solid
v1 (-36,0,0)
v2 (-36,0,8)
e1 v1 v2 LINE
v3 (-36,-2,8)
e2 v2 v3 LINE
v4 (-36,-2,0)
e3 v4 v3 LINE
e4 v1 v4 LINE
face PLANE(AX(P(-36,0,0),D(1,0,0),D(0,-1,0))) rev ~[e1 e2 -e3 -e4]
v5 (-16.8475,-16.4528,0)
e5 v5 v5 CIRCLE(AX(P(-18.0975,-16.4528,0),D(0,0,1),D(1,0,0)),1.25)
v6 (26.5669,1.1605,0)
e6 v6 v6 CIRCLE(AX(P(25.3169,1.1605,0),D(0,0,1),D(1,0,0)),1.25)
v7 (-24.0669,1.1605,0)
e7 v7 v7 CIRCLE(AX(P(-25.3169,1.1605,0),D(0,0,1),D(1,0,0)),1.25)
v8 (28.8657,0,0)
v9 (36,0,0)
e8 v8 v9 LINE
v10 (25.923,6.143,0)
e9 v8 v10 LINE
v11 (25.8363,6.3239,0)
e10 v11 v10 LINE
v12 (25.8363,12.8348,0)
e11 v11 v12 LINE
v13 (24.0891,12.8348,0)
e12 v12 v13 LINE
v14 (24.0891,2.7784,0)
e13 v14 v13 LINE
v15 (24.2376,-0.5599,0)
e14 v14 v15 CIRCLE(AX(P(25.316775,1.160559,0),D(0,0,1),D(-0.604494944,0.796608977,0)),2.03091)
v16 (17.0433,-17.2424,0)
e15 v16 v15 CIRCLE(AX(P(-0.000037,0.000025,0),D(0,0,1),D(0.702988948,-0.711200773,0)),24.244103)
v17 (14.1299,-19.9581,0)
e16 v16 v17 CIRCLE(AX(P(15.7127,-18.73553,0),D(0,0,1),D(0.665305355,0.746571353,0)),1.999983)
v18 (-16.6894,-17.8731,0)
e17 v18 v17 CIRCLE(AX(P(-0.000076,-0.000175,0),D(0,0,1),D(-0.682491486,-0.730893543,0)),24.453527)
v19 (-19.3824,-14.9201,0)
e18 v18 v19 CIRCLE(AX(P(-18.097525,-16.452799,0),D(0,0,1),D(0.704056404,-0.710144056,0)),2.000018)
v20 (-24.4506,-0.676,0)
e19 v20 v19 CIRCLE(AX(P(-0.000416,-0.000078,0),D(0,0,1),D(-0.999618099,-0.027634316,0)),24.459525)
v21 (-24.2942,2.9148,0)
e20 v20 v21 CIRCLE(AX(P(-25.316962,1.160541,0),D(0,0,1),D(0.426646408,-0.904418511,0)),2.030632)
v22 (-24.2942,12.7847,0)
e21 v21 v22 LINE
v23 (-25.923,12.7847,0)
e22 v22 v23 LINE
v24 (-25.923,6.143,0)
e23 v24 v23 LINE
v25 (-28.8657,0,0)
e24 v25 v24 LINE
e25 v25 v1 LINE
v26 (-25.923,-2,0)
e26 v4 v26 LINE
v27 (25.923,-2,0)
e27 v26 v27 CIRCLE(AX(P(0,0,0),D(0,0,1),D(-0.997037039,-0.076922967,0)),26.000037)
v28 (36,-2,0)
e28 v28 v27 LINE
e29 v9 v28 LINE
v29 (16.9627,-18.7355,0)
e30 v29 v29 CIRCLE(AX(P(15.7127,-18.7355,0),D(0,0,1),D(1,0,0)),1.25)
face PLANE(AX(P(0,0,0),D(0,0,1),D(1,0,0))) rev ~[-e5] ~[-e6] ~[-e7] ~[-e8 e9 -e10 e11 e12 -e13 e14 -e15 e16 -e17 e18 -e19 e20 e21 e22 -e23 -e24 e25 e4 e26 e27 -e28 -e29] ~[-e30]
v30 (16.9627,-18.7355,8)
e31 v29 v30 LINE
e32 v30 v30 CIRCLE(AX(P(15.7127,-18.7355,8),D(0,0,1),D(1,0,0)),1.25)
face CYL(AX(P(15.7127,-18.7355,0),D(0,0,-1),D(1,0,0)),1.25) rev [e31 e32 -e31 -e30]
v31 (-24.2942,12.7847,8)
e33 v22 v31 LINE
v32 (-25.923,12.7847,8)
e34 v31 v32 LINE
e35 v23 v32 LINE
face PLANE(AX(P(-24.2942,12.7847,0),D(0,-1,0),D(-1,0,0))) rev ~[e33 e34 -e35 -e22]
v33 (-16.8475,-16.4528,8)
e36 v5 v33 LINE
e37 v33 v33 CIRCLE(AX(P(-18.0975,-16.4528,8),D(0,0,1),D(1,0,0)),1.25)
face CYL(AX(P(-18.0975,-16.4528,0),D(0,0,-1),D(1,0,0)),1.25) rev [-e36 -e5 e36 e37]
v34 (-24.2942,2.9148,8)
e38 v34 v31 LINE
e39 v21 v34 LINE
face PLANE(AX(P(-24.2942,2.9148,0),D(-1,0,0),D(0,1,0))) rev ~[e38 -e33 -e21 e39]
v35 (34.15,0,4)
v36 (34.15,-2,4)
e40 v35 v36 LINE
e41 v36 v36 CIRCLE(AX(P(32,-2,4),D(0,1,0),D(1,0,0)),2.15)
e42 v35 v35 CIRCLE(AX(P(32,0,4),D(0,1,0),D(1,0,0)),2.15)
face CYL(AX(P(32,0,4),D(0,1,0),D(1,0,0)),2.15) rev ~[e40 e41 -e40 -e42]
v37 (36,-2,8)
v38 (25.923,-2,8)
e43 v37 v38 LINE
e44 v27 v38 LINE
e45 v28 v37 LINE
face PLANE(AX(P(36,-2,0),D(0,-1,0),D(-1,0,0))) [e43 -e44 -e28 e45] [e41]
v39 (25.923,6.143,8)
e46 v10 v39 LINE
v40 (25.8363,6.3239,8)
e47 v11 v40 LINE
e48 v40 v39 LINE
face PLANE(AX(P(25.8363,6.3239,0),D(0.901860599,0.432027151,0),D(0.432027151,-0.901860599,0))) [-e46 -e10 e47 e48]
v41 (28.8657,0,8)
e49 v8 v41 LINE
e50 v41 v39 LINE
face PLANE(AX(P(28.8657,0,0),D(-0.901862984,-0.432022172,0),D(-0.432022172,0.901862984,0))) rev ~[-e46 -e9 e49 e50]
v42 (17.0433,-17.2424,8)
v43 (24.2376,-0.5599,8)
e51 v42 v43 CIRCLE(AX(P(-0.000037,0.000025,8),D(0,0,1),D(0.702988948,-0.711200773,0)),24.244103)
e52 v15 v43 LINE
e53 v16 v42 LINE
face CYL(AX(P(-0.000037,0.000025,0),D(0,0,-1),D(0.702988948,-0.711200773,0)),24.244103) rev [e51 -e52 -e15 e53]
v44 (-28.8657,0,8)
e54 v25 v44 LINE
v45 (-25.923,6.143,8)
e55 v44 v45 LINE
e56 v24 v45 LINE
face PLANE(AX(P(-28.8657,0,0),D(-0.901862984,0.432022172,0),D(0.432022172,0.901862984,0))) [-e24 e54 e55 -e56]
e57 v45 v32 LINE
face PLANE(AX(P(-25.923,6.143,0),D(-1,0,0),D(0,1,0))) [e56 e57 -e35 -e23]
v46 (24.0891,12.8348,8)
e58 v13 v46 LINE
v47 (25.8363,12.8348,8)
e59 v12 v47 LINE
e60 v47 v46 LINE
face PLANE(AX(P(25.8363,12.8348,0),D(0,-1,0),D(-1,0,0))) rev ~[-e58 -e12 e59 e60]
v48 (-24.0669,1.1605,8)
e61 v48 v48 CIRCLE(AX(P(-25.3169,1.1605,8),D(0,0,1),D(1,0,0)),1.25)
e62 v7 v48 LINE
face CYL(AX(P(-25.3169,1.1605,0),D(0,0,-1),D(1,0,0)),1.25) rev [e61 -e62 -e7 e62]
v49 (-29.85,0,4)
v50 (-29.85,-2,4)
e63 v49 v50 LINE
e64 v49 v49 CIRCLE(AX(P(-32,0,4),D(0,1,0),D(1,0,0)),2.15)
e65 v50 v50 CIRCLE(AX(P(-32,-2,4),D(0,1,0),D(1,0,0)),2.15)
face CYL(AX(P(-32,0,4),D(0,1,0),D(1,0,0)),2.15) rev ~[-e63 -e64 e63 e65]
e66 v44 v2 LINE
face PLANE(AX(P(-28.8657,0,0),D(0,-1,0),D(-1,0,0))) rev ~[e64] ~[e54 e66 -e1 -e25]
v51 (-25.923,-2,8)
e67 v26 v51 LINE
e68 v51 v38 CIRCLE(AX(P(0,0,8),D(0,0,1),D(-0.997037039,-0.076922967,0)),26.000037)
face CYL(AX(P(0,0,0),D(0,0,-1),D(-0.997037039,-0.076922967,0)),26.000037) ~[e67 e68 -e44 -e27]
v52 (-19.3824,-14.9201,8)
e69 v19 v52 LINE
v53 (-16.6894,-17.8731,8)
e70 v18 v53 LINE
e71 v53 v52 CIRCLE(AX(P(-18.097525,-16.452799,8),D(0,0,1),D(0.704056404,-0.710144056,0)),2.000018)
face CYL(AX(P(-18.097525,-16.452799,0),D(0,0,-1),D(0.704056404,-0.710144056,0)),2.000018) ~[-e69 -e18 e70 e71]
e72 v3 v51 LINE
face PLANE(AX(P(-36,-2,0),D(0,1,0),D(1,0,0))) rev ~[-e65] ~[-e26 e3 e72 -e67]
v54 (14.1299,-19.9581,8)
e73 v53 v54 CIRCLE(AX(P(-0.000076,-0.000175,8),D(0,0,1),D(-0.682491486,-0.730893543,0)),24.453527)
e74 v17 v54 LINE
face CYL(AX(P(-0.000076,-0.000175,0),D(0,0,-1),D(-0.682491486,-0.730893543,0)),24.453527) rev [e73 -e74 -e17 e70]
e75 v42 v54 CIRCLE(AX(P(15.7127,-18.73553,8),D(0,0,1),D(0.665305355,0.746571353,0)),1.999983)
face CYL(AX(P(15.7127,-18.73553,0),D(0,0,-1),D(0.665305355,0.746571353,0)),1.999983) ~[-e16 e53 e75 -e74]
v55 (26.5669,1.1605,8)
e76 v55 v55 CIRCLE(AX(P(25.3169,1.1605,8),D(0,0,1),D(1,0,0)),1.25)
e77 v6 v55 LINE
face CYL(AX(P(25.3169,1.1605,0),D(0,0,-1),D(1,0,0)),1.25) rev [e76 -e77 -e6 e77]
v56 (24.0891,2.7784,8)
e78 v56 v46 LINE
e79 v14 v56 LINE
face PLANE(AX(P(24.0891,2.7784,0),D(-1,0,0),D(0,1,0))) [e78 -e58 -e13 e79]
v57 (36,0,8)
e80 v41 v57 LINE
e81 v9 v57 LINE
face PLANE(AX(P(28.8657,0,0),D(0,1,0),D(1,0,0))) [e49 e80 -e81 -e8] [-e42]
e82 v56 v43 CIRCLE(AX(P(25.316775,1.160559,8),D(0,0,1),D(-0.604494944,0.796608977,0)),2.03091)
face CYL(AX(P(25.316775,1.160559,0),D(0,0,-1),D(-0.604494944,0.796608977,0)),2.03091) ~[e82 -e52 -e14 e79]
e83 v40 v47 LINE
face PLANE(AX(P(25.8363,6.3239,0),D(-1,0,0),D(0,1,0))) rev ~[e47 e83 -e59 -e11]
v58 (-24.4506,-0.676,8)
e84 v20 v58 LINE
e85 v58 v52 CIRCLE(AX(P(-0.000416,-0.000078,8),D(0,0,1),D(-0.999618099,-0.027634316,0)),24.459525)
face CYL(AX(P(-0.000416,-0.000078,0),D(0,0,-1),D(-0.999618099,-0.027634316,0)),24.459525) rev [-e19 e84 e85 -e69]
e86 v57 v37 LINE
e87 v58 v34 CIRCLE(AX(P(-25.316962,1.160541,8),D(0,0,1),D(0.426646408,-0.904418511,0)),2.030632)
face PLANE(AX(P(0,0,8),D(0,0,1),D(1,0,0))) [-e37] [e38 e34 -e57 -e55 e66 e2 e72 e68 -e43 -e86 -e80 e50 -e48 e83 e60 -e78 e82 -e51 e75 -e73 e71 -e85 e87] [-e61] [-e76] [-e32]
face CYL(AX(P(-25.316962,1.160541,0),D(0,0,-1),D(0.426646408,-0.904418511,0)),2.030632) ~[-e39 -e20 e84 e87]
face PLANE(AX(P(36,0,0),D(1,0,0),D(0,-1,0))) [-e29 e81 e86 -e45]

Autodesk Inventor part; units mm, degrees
ref_plane "YZ Plane" through (0, 0, 0) normal (1, 0, 0) x (0, 1, 0)
ref_plane "XZ Plane" through (0, 0, 0) normal (0, 1, 0) x (-1, 0, 0)
ref_plane "XY Plane" through (0, 0, 0) normal (0, 0, 1) x (1, 0, 0)
sketch "Esquisse1" plane through (0, 0, 0) normal (0, 0, 1) x (1, 0, 0)
  line L0 (0, 0) -> (-27.546, -25.0426) construction
  line L1 (0, 0) -> (23.0277, -27.4577) construction
  circle A0 centre (-18.0975, -16.4528) radius 1.25
  circle A1 centre (15.7127, -18.7355) radius 1.25
  arc A2 (-16.6894, -17.8731) -> (14.1299, -19.9581) centre (0, 0) ccw
  arc A3 (-16.6894, -17.8731) -> (-19.3824, -14.9201) centre (-18.0975, -16.4528) ccw
  arc A4 (17.0433, -17.2424) -> (14.1299, -19.9581) centre (15.7127, -18.7355) ccw
  line L2 (0, 0) -> (-29.5508, 10.7556) construction
  line L3 (-17.8311, 0) -> (17.1748, 0) construction
  line L4 (0, 2.0526) -> (0, -2.2236) construction
  line L5 (-28.8657, 0) -> (-36, 0)
  line L6 (28.8657, 0) -> (36, 0)
  line L7 (36, 0) -> (36, -2)
  line L8 (36, -2) -> (25.923, -2)
  line L9 (-36, 0) -> (-36, -2)
  line L10 (-36, -2) -> (-25.923, -2)
  arc A5 (-25.923, -2) -> (25.923, -2) centre (0, 0) ccw
  circle A6 centre (0, 0) radius 22.5 construction
  arc A7 (-16.6894, -17.8731) -> (14.1299, -19.9581) centre (0, 0) ccw
  arc A8 (-16.6894, -17.8731) -> (14.1299, -19.9581) centre (0, 0) ccw
  circle A9 centre (-25.3169, 1.1605) radius 1.25
  circle A10 centre (25.3169, 1.1605) radius 1.25
  line L11 (24.0891, 2.7784) -> (24.0891, 12.8348)
  line L12 (25.8363, 12.8348) -> (24.0891, 12.8348)
  line L13 (-25.923, 6.143) -> (-25.923, 12.7847)
  line L14 (-24.2942, 2.9148) -> (-24.2942, 12.7847)
  line L15 (-24.2942, 12.7847) -> (-25.923, 12.7847)
  arc A11 (-24.4506, -0.676) -> (-19.3824, -14.9201) centre (0, 0) ccw
  arc A12 (-24.4506, -0.676) -> (-19.3824, -14.9201) centre (0, 0) ccw
  arc A13 (-24.4506, -0.676) -> (-24.2942, 2.9148) centre (-25.3169, 1.1605) ccw
  arc A14 (17.0433, -17.2424) -> (24.2376, -0.5599) centre (0, 0) ccw
  arc A15 (17.0433, -17.2424) -> (24.2376, -0.5599) centre (0, 0) ccw
  arc A16 (17.0433, -17.2424) -> (24.2376, -0.5599) centre (0, 0) ccw
  arc A17 (24.0891, 2.7784) -> (24.2376, -0.5599) centre (25.3169, 1.1605) ccw
  line L16 (-28.8657, 0) -> (-25.923, 6.143)
  line L17 (28.8657, 0) -> (25.923, 6.143)
  line L18 (25.8363, 3.0919) -> (25.8363, 3.124)
  line L19 (25.8363, 6.3239) -> (25.8363, 12.8348)
  line L20 (25.8363, 6.3239) -> (28.8657, 0)
  point P0 (-26.3114, 9.5766)
  dimension "d35" = 2.5
  dimension "d36" = 2.5
  dimension "d37" = 4
  dimension "d38" = 4
  dimension "d39" = 20
  dimension "d44" = 2
  dimension "d45" = 2
  dimension "d52" = 45
  dimension "d65" = 2.5
ref_plane "Plan de construction1" through (-42, 0, 0) normal (0, 1, 0) x (1, 0, 0)
ref_plane "Plan de construction2" through (-36, 0, 0) normal (0, 1, 0) x (1, 0, 0)
sketch "Esquisse3" plane through (-36, 0, 0) normal (0, 1, 0) x (1, 0, 0)
  line L0 (0, 0) -> (10, 0) projected
  line L1 (0, 0) -> (0, -8) projected
  line L2 (10, -8) -> (0, -8) projected
  line L3 (10, 0) -> (10, -8) projected
  circle A0 centre (4, -4) radius 2.15
  line L4 (62, 0) -> (72, 0) projected
  line L5 (62, 0) -> (62, -8) projected
  line L6 (72, -8) -> (62, -8) projected
  line L7 (72, 0) -> (72, -8) projected
  circle A1 centre (68, -4) radius 2.15
  point P0 (36, 0)
  dimension "d48" = 4.3
  dimension "d73" = 4
  dimension "d74" = 4.3
  dimension "d75" = 4
extrude "Extrusion14" add sketch "Esquisse1" along normal blind 8
extrude "Extrusion15" cut sketch "Esquisse3" against normal blind 8 contours A0 | A1
sketch "Esquisse4" plane through (0, 0, 8) normal (0, 0, 1) x (1, 0, 0)
  circle A0 centre (25.3169, 1.1605) radius 1.25 projected
  circle A1 centre (-25.3169, 1.1605) radius 1.25 projected
  circle A2 centre (15.7127, -18.7355) radius 1.25 projected
  circle A3 centre (-18.0975, -16.4528) radius 1.25 projected
  arc A4 (-16.6894, -17.8731) -> (-19.3824, -14.9201) centre (-18.0975, -16.4528) ccw projected
  arc A5 (-24.4506, -0.676) -> (-19.3824, -14.9201) centre (0, 0) ccw projected
  arc A6 (-24.4506, -0.676) -> (-24.2942, 2.9148) centre (-25.3169, 1.1605) ccw projected
  line L0 (-24.2942, 2.9148) -> (-24.2942, 12.7847) projected
  line L1 (-24.2942, 12.7847) -> (-25.923, 12.7847) projected
  line L2 (-25.923, 12.7847) -> (-25.923, 6.143) projected
  line L3 (-25.923, 6.143) -> (-28.8657, 0) projected
  line L4 (-28.8657, 0) -> (-36, 0) projected
  line L5 (-36, 0) -> (-36, -2) projected
  line L6 (-36, -2) -> (-25.923, -2) projected
  arc A7 (-25.923, -2) -> (25.923, -2) centre (0, 0) ccw projected
  line L7 (25.923, -2) -> (36, -2) projected
  line L8 (36, -2) -> (36, 0) projected
  line L9 (36, 0) -> (28.8657, 0) projected
  line L10 (28.8657, 0) -> (25.8363, 6.3239) projected
  line L11 (25.8363, 6.3239) -> (25.8363, 12.8348) projected
  line L12 (25.8363, 12.8348) -> (24.0891, 12.8348) projected
  line L13 (24.0891, 12.8348) -> (24.0891, 2.7784) projected
  arc A8 (24.0891, 2.7784) -> (24.2376, -0.5599) centre (25.3169, 1.1605) ccw projected
  arc A9 (17.0433, -17.2424) -> (24.2376, -0.5599) centre (0, 0) ccw projected
  arc A10 (17.0433, -17.2424) -> (14.1299, -19.9581) centre (15.7127, -18.7355) ccw projected
  arc A11 (-16.6894, -17.8731) -> (14.1299, -19.9581) centre (0, 0) ccw projected
  dimension "d78" = 2.5
properties part number "anneau"
